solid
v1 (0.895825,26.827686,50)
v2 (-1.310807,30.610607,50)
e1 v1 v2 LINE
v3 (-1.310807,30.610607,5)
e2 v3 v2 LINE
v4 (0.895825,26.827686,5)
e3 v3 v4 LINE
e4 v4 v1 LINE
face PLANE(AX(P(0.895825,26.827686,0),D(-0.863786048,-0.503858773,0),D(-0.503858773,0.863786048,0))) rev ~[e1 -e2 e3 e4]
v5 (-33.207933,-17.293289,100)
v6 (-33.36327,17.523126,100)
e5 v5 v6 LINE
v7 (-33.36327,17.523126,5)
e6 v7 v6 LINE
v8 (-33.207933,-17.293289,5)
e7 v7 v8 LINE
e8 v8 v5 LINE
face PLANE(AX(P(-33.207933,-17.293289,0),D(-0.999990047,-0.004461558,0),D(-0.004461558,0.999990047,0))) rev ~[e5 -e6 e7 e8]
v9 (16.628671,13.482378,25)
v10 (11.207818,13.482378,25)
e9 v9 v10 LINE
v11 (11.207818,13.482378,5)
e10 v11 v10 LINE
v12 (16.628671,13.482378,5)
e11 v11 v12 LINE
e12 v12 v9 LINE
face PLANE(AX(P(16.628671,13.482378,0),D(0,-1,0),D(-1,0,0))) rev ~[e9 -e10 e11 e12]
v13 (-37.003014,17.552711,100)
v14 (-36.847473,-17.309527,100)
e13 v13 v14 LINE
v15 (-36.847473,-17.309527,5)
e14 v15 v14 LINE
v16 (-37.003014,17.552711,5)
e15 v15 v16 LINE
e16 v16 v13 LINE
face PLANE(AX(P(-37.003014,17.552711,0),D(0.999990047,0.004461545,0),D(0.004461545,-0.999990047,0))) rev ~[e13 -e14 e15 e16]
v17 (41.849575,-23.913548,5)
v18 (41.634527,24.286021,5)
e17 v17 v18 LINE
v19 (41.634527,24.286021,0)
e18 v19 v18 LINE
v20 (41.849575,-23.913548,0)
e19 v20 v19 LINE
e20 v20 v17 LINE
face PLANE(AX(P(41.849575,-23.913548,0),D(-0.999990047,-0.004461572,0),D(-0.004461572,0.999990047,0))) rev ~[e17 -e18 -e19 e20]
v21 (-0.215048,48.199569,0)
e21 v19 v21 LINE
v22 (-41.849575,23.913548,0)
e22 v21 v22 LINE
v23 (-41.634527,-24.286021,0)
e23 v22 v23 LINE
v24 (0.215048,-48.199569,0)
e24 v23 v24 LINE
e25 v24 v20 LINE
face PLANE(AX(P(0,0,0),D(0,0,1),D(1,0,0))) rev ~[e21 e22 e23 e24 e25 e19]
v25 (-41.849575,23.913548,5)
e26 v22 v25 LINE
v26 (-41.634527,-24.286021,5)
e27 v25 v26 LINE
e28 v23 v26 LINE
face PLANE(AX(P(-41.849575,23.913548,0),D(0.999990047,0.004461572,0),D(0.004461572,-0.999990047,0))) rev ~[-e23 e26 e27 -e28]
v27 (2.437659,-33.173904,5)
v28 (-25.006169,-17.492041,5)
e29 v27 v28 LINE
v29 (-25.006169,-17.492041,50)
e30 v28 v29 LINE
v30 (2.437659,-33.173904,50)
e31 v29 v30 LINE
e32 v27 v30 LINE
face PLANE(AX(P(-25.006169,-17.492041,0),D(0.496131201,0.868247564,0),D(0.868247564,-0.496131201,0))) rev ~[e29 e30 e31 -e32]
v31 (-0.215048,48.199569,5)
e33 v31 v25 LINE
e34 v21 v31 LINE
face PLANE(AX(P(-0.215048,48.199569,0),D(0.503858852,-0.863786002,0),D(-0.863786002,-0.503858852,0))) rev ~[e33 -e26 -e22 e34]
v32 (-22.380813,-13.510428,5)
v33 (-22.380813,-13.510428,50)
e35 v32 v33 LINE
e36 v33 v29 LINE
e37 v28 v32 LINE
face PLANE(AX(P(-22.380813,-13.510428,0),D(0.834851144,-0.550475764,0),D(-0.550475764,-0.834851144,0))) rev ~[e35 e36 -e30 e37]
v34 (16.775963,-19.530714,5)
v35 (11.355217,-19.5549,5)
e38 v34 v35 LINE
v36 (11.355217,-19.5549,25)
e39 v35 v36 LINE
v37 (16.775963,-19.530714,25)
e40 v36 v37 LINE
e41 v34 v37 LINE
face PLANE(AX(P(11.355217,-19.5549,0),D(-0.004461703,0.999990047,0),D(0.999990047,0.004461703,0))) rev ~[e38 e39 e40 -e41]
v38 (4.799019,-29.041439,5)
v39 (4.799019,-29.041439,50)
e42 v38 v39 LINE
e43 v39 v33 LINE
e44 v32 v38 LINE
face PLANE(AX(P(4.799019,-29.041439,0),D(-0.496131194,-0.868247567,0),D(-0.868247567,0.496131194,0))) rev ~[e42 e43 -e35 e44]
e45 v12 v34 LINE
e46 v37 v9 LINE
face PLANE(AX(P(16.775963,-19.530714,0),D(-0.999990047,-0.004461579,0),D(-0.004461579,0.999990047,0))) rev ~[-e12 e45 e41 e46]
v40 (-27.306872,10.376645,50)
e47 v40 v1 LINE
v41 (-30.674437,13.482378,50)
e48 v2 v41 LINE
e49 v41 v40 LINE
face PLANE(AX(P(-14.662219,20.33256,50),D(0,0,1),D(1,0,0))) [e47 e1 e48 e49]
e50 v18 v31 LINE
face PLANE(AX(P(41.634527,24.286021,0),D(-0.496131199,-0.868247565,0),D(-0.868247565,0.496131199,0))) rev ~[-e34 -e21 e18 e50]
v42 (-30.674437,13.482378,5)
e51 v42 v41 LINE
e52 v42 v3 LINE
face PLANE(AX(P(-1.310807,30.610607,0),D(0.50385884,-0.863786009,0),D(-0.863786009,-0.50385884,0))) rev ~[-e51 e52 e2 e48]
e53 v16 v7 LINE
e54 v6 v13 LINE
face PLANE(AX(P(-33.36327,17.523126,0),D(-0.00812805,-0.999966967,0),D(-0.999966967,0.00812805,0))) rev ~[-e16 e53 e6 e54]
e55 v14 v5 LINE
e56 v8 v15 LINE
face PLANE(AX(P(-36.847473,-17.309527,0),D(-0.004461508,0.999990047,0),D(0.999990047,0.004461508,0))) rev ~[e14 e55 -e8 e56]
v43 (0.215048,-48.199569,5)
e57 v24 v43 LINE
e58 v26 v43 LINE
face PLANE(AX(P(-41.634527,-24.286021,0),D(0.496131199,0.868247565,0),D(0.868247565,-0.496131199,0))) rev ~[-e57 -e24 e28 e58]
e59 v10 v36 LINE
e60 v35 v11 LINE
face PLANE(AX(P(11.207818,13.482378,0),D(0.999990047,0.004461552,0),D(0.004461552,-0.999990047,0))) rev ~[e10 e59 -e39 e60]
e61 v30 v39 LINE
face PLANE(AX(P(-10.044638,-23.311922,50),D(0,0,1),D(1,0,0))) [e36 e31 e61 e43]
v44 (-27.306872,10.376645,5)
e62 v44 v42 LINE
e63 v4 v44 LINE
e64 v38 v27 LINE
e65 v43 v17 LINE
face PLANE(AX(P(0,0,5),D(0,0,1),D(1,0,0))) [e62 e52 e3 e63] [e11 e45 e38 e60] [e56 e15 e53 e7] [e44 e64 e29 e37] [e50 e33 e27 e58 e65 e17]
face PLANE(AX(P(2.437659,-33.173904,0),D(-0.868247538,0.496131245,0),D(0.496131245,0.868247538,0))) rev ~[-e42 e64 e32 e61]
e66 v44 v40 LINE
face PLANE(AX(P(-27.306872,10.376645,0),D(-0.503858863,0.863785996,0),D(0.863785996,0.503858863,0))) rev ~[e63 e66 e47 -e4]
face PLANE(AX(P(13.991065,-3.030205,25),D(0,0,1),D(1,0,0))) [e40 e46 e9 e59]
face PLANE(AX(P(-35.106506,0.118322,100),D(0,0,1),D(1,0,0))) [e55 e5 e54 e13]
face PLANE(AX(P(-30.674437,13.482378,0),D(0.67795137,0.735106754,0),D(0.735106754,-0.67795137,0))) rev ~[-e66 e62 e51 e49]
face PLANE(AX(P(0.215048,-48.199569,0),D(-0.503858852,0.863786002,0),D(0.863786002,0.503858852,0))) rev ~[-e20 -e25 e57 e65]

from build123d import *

# Parameters (mm, degrees)
F1_DEPTH = 100
F2_DEPTH = 5
F3_DEPTH = 50
F4_DEPTH = 25


with BuildPart() as f1:
    # F0 (on Top) → F1 (new body)
    with BuildSketch(Plane.XY):
        Polygon((-33.36327, 17.523126), (-37.003014, 17.552711), (-36.847473, -17.309527), (-33.207933, -17.293289), align=None)
    extrude(amount=F1_DEPTH)

    # F0 (on Top) → F2 (join)
    with BuildSketch(Plane.XY):
        Polygon((0.215048, -48.199569), (41.849575, -23.913548), (41.634527, 24.286021), (-0.215048, 48.199569), (-41.849575, 23.913548), (-41.634527, -24.286021), align=None)
        Polygon((2.437659, -33.173904), (-25.006169, -17.492041), (-22.380813, -13.510428), (4.799019, -29.041439), align=None, mode=Mode.SUBTRACT)
        Polygon((11.207818, 13.482378), (16.628671, 13.482378), (16.775963, -19.530714), (11.355217, -19.5549), align=None, mode=Mode.SUBTRACT)
        Polygon((-36.847473, -17.309527), (-37.003014, 17.552711), (-33.36327, 17.523126), (-33.207933, -17.293289), align=None, mode=Mode.SUBTRACT)
        Polygon((-27.306872, 10.376645), (-30.674437, 13.482378), (-1.310807, 30.610607), (0.895825, 26.827686), align=None, mode=Mode.SUBTRACT)
    extrude(amount=F2_DEPTH)

    # F0 (on Top) → F3 (join)
    with BuildSketch(Plane.XY):
        Polygon((-1.310807, 30.610607), (-30.674437, 13.482378), (-27.306872, 10.376645), (0.895825, 26.827686), align=None)
        Polygon((-22.380813, -13.510428), (-25.006169, -17.492041), (2.437659, -33.173904), (4.799019, -29.041439), align=None)
    extrude(amount=F3_DEPTH)

    # F0 (on Top) → F4 (join)
    with BuildSketch(Plane.XY):
        Polygon((16.775963, -19.530714), (16.628671, 13.482378), (11.207818, 13.482378), (11.355217, -19.5549), align=None)
    extrude(amount=F4_DEPTH)


solid = f1.part
